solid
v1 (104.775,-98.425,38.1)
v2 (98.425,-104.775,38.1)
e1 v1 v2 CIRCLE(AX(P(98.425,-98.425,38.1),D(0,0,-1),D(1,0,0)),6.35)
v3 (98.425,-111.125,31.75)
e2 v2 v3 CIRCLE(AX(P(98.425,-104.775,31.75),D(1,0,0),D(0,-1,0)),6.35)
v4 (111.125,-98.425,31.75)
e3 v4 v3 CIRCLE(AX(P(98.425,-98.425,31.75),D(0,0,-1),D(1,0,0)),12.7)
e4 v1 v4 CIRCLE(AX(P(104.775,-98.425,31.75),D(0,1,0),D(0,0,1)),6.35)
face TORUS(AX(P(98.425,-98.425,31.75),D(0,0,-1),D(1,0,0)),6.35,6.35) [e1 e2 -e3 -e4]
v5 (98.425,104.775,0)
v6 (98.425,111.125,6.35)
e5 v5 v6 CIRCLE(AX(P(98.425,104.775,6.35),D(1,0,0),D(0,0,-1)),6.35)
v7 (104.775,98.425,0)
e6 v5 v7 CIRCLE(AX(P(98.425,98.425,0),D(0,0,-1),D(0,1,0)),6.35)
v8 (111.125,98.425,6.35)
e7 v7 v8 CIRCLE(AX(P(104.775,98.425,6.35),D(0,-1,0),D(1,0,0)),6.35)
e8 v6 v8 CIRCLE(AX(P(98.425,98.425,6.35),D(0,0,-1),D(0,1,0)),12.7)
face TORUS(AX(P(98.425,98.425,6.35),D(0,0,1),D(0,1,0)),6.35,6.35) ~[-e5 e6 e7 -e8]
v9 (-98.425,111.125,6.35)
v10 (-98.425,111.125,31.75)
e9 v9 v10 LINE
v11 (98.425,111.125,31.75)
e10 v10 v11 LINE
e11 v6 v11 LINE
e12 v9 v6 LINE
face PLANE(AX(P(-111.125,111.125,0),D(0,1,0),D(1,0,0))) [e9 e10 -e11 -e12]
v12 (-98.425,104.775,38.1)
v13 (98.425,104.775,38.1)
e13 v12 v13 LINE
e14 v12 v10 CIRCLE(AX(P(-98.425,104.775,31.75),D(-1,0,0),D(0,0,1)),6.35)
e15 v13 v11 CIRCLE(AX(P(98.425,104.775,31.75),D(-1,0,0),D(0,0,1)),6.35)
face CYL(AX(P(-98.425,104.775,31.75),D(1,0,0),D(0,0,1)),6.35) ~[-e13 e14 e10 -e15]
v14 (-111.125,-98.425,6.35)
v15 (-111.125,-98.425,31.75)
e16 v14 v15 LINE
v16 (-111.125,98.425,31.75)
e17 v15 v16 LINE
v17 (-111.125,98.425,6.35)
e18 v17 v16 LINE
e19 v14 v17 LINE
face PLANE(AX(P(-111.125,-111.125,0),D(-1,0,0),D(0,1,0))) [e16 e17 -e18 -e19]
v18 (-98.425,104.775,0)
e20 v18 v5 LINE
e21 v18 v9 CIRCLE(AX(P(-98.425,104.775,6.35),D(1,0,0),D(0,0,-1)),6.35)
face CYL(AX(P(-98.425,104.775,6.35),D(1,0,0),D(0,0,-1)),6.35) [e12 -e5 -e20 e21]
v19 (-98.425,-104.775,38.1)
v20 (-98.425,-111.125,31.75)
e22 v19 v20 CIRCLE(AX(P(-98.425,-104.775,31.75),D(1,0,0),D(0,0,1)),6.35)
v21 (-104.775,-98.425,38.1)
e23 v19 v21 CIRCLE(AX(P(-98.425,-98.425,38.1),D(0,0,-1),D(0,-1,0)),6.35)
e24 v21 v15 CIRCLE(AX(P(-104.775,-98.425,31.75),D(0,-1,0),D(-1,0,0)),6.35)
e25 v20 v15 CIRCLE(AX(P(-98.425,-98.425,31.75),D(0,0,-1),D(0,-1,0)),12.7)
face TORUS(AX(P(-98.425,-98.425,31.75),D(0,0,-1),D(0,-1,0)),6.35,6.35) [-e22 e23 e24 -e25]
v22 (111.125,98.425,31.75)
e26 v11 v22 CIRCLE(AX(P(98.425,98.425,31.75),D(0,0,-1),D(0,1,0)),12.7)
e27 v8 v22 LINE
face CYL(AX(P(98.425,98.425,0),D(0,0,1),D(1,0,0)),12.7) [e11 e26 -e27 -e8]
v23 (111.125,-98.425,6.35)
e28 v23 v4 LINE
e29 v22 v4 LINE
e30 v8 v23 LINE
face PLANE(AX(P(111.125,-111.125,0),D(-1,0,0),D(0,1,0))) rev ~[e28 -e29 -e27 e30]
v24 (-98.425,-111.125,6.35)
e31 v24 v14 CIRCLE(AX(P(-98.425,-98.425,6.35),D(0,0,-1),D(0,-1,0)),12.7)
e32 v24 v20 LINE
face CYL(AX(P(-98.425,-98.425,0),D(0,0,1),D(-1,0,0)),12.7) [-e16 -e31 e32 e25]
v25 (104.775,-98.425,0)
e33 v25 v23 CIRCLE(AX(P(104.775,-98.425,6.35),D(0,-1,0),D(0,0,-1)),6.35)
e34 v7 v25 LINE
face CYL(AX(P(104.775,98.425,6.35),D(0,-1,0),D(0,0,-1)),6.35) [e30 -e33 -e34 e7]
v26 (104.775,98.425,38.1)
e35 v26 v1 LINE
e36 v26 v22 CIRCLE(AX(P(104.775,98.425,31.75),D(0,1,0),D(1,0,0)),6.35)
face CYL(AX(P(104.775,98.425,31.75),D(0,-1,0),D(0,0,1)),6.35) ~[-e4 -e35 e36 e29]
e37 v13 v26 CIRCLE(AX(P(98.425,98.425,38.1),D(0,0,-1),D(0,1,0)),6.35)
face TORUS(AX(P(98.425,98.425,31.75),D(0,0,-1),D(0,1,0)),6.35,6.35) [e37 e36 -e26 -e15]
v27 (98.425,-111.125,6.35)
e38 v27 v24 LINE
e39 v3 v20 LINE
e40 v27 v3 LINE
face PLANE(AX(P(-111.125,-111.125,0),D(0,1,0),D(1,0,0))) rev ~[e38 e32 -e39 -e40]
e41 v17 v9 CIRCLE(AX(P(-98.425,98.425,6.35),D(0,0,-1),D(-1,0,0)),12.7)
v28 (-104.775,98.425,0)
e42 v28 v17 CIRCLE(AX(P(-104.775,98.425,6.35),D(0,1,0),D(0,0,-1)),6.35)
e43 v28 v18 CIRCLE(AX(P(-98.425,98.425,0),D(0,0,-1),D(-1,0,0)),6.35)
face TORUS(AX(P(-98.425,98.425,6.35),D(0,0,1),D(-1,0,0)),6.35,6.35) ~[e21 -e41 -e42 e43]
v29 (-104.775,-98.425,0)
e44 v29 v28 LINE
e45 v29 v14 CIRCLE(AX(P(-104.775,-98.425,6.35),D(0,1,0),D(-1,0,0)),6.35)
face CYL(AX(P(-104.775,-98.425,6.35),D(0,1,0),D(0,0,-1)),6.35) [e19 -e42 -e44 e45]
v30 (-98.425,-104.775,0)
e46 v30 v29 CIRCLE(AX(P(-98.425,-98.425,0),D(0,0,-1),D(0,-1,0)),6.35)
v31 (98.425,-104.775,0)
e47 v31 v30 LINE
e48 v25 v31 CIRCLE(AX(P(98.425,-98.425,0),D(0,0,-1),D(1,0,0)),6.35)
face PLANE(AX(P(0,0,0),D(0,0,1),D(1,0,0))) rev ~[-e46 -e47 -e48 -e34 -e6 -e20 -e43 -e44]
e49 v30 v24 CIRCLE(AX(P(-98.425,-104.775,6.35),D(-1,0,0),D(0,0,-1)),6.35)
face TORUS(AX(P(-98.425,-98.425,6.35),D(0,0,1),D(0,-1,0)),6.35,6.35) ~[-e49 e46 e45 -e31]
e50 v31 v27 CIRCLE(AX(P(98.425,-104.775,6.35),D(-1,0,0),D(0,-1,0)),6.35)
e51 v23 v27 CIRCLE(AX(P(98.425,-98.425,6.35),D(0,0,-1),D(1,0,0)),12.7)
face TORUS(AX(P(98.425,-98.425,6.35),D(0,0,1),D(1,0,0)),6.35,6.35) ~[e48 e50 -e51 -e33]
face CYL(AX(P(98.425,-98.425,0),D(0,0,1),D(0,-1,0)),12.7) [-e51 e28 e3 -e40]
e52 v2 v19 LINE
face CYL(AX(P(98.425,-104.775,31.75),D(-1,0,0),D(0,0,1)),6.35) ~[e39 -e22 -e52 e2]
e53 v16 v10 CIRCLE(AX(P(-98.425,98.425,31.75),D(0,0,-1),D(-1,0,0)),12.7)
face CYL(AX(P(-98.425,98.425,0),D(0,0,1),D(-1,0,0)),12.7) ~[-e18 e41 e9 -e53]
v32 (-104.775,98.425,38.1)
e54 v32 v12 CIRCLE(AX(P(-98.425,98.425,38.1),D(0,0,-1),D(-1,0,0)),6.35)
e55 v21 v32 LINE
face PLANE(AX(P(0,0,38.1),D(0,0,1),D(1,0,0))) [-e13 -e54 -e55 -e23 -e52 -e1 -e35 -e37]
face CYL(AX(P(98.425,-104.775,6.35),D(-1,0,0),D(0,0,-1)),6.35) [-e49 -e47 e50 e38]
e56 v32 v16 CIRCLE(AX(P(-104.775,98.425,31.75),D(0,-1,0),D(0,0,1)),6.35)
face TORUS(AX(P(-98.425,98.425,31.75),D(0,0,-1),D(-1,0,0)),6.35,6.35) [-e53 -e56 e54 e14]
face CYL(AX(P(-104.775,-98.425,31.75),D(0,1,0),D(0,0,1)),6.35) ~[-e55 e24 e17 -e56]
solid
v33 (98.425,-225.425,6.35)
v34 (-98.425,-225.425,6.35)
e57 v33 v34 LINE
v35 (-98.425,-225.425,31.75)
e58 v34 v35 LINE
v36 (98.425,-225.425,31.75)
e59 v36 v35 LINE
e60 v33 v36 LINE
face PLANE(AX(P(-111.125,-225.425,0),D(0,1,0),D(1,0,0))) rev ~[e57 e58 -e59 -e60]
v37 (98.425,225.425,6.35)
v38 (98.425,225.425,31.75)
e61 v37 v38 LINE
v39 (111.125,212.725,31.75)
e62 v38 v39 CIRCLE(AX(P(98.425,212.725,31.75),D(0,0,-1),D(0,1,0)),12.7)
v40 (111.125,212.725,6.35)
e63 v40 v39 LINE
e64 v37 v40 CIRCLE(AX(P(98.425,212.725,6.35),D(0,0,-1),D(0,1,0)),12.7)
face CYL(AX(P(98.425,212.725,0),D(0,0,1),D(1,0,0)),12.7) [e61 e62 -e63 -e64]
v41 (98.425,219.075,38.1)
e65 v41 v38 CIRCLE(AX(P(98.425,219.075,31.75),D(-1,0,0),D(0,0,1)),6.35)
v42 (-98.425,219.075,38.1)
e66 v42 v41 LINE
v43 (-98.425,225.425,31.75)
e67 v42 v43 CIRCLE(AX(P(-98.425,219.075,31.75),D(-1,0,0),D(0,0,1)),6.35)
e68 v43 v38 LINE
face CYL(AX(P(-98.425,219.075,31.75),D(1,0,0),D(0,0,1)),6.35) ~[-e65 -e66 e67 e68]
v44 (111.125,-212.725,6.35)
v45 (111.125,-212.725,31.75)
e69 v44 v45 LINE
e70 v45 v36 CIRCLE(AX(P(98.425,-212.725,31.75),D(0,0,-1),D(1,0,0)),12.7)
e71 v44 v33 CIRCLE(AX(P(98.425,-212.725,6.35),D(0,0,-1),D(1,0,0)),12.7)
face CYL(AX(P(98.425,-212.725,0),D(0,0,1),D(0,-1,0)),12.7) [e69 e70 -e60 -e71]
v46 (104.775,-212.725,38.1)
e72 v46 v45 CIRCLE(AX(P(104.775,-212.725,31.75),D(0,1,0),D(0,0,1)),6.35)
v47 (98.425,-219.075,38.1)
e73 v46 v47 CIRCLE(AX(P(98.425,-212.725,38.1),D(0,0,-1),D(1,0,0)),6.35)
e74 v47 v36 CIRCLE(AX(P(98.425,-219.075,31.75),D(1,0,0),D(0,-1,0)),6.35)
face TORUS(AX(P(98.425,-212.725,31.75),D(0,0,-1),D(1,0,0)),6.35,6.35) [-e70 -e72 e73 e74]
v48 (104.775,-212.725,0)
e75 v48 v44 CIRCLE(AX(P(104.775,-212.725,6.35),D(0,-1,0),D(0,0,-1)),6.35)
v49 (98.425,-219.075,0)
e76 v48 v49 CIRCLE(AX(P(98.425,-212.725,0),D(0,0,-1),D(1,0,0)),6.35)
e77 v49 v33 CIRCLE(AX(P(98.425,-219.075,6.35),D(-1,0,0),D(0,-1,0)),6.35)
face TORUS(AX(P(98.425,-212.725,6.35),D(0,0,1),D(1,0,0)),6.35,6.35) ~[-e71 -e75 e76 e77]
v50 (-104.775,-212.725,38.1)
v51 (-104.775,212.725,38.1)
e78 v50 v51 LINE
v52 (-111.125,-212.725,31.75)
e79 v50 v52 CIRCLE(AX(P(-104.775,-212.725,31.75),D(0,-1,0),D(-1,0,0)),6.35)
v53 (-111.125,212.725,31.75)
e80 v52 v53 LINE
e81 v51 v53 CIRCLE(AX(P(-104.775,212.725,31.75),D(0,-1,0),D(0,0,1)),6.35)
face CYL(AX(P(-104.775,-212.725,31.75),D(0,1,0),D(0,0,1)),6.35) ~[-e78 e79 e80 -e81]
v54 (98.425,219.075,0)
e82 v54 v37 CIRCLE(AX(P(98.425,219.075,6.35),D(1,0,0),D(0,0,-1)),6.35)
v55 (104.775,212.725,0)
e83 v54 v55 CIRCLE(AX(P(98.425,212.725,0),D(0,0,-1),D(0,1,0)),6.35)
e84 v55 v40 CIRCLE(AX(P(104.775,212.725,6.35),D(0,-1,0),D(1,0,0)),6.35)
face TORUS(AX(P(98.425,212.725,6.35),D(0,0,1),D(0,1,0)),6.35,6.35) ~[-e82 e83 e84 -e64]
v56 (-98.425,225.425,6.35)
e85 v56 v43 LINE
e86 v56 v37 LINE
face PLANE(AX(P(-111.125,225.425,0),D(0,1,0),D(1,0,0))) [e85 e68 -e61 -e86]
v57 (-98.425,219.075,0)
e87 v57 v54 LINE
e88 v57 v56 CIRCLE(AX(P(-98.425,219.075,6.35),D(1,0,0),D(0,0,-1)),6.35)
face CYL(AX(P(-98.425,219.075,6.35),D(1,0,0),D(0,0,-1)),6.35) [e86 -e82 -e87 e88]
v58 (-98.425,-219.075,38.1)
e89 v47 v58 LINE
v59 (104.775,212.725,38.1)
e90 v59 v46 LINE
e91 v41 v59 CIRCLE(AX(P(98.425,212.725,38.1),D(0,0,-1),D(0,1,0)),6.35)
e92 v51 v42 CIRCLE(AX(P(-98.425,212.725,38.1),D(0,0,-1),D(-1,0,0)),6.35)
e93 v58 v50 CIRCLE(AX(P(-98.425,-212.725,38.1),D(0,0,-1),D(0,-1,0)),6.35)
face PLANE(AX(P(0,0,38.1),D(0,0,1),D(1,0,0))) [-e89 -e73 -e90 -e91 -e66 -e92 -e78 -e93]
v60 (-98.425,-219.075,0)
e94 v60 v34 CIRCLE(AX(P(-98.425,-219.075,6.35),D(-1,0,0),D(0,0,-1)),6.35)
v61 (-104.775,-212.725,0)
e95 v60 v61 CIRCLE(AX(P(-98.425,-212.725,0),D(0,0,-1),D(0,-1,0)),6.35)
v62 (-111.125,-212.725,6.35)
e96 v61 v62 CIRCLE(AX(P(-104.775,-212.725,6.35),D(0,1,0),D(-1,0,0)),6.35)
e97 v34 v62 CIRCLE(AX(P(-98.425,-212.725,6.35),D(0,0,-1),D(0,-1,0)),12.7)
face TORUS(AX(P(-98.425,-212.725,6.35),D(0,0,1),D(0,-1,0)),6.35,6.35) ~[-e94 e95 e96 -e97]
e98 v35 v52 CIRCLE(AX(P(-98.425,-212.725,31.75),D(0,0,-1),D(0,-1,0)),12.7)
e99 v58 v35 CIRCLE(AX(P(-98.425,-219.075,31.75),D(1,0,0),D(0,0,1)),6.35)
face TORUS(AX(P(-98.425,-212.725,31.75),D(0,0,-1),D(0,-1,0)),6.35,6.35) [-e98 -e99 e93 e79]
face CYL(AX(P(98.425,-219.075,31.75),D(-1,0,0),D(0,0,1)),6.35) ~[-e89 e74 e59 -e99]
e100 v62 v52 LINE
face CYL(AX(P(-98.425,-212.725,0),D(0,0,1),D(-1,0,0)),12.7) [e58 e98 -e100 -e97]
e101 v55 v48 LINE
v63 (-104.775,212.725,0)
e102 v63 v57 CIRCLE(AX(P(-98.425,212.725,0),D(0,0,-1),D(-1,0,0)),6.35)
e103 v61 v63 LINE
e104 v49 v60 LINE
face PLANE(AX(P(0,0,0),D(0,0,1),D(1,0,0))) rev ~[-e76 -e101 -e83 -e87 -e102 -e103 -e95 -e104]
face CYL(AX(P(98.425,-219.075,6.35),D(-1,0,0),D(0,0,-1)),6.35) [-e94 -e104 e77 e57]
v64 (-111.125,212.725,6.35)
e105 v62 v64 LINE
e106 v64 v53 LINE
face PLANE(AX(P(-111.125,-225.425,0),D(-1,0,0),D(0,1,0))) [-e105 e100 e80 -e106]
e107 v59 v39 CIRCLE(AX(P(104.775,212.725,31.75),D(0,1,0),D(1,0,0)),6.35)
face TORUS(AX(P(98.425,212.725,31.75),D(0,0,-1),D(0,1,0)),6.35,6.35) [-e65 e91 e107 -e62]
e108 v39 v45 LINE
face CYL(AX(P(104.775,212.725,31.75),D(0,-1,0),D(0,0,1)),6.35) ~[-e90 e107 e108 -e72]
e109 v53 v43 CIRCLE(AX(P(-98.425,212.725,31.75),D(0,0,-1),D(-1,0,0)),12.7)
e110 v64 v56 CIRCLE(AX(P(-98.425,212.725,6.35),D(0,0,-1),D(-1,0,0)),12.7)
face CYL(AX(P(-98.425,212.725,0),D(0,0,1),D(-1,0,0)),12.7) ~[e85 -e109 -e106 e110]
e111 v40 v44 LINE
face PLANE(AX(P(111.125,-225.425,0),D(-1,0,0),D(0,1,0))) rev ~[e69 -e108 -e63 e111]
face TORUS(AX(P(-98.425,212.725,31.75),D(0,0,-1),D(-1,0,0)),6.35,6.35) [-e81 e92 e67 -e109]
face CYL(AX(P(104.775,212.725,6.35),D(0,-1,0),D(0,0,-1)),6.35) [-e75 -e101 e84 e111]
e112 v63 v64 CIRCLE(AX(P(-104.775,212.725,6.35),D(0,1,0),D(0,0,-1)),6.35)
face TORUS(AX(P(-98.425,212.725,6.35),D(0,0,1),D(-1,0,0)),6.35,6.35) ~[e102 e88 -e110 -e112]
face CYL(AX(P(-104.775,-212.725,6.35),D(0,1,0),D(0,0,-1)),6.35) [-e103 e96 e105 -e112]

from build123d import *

# Parameters (mm, degrees)
F0_W     = 222.25
F0_H     = 222.25
F2_DEPTH = 38.1
F3_R     = 12.7
F4_R     = 6.35
F1_W     = 222.25
F1_H     = 450.85
F5_DEPTH = 38.1
F6_R     = 12.7
F7_R     = 6.35


with BuildPart() as f2:
    # F0 (on Top) → F2 (new body)
    with BuildSketch(Plane.XY):
        Rectangle(F0_W, F0_H)
    extrude(amount=F2_DEPTH)

    # F3
    f3_edges = [f2.edges().sort_by_distance(p)[0] for p in [
        (-111.125, -111.125, 19.05),
        (111.125, -111.125, 19.05),
        (111.125, 111.125, 19.05),
        (-111.125, 111.125, 19.05),
    ]]
    fillet(f3_edges, radius=F3_R)

    # F4
    f4_edges = [f2.edges().sort_by_distance(p)[0] for p in [
        (0, 111.125, 38.1),
        (107.405256, 107.405256, 38.1),
        (-107.405256, 107.405256, 38.1),
        (111.125, 0, 38.1),
        (-111.125, 0, 38.1),
        (107.405256, -107.405256, 38.1),
        (-107.405256, -107.405256, 38.1),
        (0, -111.125, 38.1),
        (0, 111.125, 0),
        (107.405256, 107.405256, 0),
        (-107.405256, 107.405256, 0),
        (111.125, 0, 0),
        (-111.125, 0, 0),
        (107.405256, -107.405256, 0),
        (-107.405256, -107.405256, 0),
        (0, -111.125, 0),
    ]]
    fillet(f4_edges, radius=F4_R)


with BuildPart() as f5:
    # F1 (on Top) → F5 (new body)
    with BuildSketch(Plane.XY):
        Rectangle(F1_W, F1_H)
    extrude(amount=F5_DEPTH)

    # F6
    f6_edges = [f5.edges().sort_by_distance(p)[0] for p in [
        (-111.125, -225.425, 19.05),
        (111.125, -225.425, 19.05),
        (111.125, 225.425, 19.05),
        (-111.125, 225.425, 19.05),
    ]]
    fillet(f6_edges, radius=F6_R)

    # F7
    f7_edges = [f5.edges().sort_by_distance(p)[0] for p in [
        (0, 225.425, 38.1),
        (107.405256, 221.705256, 38.1),
        (-107.405256, 221.705256, 38.1),
        (111.125, 0, 38.1),
        (-111.125, 0, 38.1),
        (107.405256, -221.705256, 38.1),
        (-107.405256, -221.705256, 38.1),
        (0, -225.425, 38.1),
        (0, 225.425, 0),
        (107.405256, 221.705256, 0),
        (-107.405256, 221.705256, 0),
        (111.125, 0, 0),
        (-111.125, 0, 0),
        (107.405256, -221.705256, 0),
        (-107.405256, -221.705256, 0),
        (0, -225.425, 0),
    ]]
    fillet(f7_edges, radius=F7_R)


solid = Compound([f2.part, f5.part])
